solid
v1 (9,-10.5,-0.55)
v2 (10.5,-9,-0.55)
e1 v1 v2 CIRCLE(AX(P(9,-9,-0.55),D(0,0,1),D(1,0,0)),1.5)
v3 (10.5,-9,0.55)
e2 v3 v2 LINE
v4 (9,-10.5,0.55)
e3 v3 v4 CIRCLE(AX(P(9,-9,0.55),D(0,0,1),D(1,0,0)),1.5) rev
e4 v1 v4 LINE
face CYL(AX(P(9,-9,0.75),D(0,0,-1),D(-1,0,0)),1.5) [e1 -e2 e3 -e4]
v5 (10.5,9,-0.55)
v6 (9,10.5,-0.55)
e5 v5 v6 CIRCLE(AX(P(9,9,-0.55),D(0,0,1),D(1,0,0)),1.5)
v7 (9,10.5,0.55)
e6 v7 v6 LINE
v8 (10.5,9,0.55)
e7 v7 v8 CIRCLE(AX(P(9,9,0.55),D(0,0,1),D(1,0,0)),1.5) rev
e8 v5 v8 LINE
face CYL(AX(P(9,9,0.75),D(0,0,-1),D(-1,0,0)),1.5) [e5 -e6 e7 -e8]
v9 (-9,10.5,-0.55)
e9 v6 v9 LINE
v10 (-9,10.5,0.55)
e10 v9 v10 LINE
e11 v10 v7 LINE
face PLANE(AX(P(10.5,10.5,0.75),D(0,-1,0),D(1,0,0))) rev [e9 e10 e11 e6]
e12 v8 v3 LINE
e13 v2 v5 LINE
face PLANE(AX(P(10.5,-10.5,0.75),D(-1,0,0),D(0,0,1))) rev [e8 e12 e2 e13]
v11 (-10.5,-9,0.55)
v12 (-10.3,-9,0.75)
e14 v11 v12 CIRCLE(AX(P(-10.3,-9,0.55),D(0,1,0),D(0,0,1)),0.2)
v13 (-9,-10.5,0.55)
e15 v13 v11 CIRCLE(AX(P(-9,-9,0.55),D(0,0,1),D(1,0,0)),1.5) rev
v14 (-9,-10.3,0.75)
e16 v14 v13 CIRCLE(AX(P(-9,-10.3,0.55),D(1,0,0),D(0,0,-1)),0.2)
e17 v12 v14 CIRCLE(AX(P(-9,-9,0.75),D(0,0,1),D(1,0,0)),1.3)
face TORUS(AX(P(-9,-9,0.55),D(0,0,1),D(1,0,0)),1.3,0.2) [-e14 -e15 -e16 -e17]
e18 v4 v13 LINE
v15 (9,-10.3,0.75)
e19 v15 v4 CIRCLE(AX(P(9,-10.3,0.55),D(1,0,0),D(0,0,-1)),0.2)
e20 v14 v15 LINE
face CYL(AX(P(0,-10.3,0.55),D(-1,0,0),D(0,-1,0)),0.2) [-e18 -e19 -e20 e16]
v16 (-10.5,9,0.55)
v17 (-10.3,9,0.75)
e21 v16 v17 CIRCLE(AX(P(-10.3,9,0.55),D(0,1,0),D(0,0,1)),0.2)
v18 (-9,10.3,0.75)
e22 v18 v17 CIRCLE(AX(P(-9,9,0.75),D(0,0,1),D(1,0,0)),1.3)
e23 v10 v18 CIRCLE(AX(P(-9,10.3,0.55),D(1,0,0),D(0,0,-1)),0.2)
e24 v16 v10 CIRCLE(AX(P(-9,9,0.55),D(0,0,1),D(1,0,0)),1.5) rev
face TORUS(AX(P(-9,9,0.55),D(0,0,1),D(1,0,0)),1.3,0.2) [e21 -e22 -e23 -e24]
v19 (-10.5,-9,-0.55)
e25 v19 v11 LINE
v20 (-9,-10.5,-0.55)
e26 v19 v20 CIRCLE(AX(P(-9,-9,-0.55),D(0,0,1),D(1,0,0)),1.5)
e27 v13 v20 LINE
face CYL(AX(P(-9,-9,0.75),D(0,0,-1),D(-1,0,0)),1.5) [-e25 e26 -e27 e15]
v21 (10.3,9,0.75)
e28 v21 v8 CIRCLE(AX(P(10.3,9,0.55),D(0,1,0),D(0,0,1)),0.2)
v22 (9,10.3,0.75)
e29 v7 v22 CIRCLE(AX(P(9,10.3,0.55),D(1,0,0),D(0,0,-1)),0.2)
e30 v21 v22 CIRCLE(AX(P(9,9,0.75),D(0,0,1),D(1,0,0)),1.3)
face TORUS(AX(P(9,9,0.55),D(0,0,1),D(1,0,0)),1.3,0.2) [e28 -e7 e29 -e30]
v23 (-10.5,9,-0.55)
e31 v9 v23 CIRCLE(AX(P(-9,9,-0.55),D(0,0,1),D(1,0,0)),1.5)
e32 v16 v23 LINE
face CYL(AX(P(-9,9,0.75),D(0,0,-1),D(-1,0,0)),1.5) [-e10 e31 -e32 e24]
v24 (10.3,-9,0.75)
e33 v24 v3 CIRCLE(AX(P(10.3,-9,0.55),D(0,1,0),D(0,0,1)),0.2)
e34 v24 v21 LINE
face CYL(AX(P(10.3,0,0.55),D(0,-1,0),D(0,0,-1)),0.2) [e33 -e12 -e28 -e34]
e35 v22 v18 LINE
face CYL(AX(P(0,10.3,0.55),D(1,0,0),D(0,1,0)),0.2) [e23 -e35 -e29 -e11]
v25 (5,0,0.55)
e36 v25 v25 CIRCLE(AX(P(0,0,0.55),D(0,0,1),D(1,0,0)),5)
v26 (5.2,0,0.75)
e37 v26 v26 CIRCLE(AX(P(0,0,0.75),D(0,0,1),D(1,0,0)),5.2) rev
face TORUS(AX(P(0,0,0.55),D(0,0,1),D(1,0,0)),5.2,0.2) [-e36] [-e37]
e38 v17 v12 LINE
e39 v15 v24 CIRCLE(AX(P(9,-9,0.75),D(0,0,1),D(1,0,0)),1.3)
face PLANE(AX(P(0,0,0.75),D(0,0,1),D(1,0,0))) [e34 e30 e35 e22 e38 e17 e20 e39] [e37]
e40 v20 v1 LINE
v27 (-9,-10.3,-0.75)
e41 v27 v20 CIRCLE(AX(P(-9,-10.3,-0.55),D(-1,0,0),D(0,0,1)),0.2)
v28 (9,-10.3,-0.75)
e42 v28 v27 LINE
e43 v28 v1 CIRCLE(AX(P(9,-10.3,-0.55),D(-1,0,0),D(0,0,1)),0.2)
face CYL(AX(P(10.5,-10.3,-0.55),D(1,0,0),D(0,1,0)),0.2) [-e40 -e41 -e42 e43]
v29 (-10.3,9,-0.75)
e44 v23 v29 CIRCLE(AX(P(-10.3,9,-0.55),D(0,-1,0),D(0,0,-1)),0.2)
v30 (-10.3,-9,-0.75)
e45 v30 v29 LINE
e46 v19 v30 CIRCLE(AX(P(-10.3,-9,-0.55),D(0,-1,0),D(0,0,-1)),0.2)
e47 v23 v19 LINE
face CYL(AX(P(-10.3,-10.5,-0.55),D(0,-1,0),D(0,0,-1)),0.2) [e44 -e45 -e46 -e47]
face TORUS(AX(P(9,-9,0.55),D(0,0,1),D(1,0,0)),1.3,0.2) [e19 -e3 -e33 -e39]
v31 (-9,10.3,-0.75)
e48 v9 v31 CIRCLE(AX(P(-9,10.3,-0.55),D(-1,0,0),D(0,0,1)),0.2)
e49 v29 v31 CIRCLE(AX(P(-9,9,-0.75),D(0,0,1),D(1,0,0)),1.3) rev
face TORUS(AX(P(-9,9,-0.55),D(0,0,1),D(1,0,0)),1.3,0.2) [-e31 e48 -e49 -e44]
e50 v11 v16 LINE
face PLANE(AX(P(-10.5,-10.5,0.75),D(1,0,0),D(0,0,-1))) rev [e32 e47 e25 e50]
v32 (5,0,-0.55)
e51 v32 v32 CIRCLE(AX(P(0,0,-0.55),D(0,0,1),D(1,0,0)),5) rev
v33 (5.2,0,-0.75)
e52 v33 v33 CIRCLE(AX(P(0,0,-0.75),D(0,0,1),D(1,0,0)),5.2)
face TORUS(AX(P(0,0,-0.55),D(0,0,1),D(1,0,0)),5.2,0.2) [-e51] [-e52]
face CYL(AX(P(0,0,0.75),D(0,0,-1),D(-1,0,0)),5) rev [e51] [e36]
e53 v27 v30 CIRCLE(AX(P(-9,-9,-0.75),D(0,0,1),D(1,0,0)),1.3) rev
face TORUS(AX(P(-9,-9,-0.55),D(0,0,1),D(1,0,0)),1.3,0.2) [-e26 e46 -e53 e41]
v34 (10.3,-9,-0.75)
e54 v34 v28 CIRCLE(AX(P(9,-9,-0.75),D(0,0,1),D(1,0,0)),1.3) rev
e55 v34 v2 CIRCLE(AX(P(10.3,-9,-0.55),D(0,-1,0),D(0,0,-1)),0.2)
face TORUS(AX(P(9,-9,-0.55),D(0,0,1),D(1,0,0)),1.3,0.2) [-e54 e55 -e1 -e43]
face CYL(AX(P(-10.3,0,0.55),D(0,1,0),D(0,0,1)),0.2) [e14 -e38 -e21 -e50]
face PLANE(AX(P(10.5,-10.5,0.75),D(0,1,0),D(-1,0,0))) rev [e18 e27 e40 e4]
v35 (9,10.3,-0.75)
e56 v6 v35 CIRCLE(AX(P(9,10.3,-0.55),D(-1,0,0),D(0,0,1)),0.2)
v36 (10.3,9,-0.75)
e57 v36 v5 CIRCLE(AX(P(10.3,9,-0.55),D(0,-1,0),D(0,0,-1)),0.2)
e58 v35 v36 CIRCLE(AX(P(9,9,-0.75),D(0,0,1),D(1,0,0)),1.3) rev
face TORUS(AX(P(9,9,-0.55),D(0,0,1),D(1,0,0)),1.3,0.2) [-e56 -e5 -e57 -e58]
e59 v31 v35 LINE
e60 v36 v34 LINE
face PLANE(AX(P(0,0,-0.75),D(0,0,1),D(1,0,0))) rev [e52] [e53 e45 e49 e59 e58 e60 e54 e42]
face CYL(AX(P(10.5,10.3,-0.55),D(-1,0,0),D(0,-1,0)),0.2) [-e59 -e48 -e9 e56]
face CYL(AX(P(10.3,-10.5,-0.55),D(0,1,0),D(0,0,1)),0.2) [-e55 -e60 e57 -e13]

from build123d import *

# Parameters (mm, degrees)
SKETCH1_W           = 21
SKETCH1_H           = 21
BOSS_EXTRUDE1_DEPTH = 0.75
FILLET1_R           = 1.5
SKETCH2_R           = 5
CUT_EXTRUDE1_DEPTH  = 15.924811557
FILLET2_R           = 0.2


with BuildPart() as part:
    # Sketch1 → Boss-Extrude1 (new, symmetric)
    with BuildSketch(Plane.XY):
        Rectangle(SKETCH1_W, SKETCH1_H)
    extrude(amount=BOSS_EXTRUDE1_DEPTH, both=True)

    # Fillet1
    fillet1_edges = [part.edges().sort_by_distance(p)[0] for p in [
        (-10.5, 10.5, 0),
        (10.5, 10.5, 0),
        (10.5, -10.5, 0),
        (-10.5, -10.5, 0),
    ]]
    fillet(fillet1_edges, radius=FILLET1_R)

    # Sketch2 → Cut-Extrude1 (cut, through all)
    with BuildSketch(Plane(origin=(0, 0, -0.75), x_dir=(-1, 0, 0), z_dir=(0, 0, -1))):
        Circle(SKETCH2_R)
    extrude(amount=-CUT_EXTRUDE1_DEPTH, mode=Mode.SUBTRACT)

    # Fillet2
    fillet2_edges = [part.edges().sort_by_distance(p)[0] for p in [
        (-10.5, 0, -0.75),
        (-10.5, 0, 0.75),
        (0, 10.5, -0.75),
        (10.5, 0, -0.75),
        (0, -10.5, -0.75),
        (10.060660172, 10.060660172, -0.75),
        (-10.060660172, -10.060660172, -0.75),
        (10.060660172, -10.060660172, -0.75),
        (-10.060660172, 10.060660172, -0.75),
        (0, 10.5, 0.75),
        (0, -10.5, 0.75),
        (10.5, 0, 0.75),
        (10.060660172, 10.060660172, 0.75),
        (-10.060660172, -10.060660172, 0.75),
        (10.060660172, -10.060660172, 0.75),
        (-10.060660172, 10.060660172, 0.75),
        (5, 0, 0.75),
        (5, 0, -0.75),
    ]]
    fillet(fillet2_edges, radius=FILLET2_R)


solid = part.part
